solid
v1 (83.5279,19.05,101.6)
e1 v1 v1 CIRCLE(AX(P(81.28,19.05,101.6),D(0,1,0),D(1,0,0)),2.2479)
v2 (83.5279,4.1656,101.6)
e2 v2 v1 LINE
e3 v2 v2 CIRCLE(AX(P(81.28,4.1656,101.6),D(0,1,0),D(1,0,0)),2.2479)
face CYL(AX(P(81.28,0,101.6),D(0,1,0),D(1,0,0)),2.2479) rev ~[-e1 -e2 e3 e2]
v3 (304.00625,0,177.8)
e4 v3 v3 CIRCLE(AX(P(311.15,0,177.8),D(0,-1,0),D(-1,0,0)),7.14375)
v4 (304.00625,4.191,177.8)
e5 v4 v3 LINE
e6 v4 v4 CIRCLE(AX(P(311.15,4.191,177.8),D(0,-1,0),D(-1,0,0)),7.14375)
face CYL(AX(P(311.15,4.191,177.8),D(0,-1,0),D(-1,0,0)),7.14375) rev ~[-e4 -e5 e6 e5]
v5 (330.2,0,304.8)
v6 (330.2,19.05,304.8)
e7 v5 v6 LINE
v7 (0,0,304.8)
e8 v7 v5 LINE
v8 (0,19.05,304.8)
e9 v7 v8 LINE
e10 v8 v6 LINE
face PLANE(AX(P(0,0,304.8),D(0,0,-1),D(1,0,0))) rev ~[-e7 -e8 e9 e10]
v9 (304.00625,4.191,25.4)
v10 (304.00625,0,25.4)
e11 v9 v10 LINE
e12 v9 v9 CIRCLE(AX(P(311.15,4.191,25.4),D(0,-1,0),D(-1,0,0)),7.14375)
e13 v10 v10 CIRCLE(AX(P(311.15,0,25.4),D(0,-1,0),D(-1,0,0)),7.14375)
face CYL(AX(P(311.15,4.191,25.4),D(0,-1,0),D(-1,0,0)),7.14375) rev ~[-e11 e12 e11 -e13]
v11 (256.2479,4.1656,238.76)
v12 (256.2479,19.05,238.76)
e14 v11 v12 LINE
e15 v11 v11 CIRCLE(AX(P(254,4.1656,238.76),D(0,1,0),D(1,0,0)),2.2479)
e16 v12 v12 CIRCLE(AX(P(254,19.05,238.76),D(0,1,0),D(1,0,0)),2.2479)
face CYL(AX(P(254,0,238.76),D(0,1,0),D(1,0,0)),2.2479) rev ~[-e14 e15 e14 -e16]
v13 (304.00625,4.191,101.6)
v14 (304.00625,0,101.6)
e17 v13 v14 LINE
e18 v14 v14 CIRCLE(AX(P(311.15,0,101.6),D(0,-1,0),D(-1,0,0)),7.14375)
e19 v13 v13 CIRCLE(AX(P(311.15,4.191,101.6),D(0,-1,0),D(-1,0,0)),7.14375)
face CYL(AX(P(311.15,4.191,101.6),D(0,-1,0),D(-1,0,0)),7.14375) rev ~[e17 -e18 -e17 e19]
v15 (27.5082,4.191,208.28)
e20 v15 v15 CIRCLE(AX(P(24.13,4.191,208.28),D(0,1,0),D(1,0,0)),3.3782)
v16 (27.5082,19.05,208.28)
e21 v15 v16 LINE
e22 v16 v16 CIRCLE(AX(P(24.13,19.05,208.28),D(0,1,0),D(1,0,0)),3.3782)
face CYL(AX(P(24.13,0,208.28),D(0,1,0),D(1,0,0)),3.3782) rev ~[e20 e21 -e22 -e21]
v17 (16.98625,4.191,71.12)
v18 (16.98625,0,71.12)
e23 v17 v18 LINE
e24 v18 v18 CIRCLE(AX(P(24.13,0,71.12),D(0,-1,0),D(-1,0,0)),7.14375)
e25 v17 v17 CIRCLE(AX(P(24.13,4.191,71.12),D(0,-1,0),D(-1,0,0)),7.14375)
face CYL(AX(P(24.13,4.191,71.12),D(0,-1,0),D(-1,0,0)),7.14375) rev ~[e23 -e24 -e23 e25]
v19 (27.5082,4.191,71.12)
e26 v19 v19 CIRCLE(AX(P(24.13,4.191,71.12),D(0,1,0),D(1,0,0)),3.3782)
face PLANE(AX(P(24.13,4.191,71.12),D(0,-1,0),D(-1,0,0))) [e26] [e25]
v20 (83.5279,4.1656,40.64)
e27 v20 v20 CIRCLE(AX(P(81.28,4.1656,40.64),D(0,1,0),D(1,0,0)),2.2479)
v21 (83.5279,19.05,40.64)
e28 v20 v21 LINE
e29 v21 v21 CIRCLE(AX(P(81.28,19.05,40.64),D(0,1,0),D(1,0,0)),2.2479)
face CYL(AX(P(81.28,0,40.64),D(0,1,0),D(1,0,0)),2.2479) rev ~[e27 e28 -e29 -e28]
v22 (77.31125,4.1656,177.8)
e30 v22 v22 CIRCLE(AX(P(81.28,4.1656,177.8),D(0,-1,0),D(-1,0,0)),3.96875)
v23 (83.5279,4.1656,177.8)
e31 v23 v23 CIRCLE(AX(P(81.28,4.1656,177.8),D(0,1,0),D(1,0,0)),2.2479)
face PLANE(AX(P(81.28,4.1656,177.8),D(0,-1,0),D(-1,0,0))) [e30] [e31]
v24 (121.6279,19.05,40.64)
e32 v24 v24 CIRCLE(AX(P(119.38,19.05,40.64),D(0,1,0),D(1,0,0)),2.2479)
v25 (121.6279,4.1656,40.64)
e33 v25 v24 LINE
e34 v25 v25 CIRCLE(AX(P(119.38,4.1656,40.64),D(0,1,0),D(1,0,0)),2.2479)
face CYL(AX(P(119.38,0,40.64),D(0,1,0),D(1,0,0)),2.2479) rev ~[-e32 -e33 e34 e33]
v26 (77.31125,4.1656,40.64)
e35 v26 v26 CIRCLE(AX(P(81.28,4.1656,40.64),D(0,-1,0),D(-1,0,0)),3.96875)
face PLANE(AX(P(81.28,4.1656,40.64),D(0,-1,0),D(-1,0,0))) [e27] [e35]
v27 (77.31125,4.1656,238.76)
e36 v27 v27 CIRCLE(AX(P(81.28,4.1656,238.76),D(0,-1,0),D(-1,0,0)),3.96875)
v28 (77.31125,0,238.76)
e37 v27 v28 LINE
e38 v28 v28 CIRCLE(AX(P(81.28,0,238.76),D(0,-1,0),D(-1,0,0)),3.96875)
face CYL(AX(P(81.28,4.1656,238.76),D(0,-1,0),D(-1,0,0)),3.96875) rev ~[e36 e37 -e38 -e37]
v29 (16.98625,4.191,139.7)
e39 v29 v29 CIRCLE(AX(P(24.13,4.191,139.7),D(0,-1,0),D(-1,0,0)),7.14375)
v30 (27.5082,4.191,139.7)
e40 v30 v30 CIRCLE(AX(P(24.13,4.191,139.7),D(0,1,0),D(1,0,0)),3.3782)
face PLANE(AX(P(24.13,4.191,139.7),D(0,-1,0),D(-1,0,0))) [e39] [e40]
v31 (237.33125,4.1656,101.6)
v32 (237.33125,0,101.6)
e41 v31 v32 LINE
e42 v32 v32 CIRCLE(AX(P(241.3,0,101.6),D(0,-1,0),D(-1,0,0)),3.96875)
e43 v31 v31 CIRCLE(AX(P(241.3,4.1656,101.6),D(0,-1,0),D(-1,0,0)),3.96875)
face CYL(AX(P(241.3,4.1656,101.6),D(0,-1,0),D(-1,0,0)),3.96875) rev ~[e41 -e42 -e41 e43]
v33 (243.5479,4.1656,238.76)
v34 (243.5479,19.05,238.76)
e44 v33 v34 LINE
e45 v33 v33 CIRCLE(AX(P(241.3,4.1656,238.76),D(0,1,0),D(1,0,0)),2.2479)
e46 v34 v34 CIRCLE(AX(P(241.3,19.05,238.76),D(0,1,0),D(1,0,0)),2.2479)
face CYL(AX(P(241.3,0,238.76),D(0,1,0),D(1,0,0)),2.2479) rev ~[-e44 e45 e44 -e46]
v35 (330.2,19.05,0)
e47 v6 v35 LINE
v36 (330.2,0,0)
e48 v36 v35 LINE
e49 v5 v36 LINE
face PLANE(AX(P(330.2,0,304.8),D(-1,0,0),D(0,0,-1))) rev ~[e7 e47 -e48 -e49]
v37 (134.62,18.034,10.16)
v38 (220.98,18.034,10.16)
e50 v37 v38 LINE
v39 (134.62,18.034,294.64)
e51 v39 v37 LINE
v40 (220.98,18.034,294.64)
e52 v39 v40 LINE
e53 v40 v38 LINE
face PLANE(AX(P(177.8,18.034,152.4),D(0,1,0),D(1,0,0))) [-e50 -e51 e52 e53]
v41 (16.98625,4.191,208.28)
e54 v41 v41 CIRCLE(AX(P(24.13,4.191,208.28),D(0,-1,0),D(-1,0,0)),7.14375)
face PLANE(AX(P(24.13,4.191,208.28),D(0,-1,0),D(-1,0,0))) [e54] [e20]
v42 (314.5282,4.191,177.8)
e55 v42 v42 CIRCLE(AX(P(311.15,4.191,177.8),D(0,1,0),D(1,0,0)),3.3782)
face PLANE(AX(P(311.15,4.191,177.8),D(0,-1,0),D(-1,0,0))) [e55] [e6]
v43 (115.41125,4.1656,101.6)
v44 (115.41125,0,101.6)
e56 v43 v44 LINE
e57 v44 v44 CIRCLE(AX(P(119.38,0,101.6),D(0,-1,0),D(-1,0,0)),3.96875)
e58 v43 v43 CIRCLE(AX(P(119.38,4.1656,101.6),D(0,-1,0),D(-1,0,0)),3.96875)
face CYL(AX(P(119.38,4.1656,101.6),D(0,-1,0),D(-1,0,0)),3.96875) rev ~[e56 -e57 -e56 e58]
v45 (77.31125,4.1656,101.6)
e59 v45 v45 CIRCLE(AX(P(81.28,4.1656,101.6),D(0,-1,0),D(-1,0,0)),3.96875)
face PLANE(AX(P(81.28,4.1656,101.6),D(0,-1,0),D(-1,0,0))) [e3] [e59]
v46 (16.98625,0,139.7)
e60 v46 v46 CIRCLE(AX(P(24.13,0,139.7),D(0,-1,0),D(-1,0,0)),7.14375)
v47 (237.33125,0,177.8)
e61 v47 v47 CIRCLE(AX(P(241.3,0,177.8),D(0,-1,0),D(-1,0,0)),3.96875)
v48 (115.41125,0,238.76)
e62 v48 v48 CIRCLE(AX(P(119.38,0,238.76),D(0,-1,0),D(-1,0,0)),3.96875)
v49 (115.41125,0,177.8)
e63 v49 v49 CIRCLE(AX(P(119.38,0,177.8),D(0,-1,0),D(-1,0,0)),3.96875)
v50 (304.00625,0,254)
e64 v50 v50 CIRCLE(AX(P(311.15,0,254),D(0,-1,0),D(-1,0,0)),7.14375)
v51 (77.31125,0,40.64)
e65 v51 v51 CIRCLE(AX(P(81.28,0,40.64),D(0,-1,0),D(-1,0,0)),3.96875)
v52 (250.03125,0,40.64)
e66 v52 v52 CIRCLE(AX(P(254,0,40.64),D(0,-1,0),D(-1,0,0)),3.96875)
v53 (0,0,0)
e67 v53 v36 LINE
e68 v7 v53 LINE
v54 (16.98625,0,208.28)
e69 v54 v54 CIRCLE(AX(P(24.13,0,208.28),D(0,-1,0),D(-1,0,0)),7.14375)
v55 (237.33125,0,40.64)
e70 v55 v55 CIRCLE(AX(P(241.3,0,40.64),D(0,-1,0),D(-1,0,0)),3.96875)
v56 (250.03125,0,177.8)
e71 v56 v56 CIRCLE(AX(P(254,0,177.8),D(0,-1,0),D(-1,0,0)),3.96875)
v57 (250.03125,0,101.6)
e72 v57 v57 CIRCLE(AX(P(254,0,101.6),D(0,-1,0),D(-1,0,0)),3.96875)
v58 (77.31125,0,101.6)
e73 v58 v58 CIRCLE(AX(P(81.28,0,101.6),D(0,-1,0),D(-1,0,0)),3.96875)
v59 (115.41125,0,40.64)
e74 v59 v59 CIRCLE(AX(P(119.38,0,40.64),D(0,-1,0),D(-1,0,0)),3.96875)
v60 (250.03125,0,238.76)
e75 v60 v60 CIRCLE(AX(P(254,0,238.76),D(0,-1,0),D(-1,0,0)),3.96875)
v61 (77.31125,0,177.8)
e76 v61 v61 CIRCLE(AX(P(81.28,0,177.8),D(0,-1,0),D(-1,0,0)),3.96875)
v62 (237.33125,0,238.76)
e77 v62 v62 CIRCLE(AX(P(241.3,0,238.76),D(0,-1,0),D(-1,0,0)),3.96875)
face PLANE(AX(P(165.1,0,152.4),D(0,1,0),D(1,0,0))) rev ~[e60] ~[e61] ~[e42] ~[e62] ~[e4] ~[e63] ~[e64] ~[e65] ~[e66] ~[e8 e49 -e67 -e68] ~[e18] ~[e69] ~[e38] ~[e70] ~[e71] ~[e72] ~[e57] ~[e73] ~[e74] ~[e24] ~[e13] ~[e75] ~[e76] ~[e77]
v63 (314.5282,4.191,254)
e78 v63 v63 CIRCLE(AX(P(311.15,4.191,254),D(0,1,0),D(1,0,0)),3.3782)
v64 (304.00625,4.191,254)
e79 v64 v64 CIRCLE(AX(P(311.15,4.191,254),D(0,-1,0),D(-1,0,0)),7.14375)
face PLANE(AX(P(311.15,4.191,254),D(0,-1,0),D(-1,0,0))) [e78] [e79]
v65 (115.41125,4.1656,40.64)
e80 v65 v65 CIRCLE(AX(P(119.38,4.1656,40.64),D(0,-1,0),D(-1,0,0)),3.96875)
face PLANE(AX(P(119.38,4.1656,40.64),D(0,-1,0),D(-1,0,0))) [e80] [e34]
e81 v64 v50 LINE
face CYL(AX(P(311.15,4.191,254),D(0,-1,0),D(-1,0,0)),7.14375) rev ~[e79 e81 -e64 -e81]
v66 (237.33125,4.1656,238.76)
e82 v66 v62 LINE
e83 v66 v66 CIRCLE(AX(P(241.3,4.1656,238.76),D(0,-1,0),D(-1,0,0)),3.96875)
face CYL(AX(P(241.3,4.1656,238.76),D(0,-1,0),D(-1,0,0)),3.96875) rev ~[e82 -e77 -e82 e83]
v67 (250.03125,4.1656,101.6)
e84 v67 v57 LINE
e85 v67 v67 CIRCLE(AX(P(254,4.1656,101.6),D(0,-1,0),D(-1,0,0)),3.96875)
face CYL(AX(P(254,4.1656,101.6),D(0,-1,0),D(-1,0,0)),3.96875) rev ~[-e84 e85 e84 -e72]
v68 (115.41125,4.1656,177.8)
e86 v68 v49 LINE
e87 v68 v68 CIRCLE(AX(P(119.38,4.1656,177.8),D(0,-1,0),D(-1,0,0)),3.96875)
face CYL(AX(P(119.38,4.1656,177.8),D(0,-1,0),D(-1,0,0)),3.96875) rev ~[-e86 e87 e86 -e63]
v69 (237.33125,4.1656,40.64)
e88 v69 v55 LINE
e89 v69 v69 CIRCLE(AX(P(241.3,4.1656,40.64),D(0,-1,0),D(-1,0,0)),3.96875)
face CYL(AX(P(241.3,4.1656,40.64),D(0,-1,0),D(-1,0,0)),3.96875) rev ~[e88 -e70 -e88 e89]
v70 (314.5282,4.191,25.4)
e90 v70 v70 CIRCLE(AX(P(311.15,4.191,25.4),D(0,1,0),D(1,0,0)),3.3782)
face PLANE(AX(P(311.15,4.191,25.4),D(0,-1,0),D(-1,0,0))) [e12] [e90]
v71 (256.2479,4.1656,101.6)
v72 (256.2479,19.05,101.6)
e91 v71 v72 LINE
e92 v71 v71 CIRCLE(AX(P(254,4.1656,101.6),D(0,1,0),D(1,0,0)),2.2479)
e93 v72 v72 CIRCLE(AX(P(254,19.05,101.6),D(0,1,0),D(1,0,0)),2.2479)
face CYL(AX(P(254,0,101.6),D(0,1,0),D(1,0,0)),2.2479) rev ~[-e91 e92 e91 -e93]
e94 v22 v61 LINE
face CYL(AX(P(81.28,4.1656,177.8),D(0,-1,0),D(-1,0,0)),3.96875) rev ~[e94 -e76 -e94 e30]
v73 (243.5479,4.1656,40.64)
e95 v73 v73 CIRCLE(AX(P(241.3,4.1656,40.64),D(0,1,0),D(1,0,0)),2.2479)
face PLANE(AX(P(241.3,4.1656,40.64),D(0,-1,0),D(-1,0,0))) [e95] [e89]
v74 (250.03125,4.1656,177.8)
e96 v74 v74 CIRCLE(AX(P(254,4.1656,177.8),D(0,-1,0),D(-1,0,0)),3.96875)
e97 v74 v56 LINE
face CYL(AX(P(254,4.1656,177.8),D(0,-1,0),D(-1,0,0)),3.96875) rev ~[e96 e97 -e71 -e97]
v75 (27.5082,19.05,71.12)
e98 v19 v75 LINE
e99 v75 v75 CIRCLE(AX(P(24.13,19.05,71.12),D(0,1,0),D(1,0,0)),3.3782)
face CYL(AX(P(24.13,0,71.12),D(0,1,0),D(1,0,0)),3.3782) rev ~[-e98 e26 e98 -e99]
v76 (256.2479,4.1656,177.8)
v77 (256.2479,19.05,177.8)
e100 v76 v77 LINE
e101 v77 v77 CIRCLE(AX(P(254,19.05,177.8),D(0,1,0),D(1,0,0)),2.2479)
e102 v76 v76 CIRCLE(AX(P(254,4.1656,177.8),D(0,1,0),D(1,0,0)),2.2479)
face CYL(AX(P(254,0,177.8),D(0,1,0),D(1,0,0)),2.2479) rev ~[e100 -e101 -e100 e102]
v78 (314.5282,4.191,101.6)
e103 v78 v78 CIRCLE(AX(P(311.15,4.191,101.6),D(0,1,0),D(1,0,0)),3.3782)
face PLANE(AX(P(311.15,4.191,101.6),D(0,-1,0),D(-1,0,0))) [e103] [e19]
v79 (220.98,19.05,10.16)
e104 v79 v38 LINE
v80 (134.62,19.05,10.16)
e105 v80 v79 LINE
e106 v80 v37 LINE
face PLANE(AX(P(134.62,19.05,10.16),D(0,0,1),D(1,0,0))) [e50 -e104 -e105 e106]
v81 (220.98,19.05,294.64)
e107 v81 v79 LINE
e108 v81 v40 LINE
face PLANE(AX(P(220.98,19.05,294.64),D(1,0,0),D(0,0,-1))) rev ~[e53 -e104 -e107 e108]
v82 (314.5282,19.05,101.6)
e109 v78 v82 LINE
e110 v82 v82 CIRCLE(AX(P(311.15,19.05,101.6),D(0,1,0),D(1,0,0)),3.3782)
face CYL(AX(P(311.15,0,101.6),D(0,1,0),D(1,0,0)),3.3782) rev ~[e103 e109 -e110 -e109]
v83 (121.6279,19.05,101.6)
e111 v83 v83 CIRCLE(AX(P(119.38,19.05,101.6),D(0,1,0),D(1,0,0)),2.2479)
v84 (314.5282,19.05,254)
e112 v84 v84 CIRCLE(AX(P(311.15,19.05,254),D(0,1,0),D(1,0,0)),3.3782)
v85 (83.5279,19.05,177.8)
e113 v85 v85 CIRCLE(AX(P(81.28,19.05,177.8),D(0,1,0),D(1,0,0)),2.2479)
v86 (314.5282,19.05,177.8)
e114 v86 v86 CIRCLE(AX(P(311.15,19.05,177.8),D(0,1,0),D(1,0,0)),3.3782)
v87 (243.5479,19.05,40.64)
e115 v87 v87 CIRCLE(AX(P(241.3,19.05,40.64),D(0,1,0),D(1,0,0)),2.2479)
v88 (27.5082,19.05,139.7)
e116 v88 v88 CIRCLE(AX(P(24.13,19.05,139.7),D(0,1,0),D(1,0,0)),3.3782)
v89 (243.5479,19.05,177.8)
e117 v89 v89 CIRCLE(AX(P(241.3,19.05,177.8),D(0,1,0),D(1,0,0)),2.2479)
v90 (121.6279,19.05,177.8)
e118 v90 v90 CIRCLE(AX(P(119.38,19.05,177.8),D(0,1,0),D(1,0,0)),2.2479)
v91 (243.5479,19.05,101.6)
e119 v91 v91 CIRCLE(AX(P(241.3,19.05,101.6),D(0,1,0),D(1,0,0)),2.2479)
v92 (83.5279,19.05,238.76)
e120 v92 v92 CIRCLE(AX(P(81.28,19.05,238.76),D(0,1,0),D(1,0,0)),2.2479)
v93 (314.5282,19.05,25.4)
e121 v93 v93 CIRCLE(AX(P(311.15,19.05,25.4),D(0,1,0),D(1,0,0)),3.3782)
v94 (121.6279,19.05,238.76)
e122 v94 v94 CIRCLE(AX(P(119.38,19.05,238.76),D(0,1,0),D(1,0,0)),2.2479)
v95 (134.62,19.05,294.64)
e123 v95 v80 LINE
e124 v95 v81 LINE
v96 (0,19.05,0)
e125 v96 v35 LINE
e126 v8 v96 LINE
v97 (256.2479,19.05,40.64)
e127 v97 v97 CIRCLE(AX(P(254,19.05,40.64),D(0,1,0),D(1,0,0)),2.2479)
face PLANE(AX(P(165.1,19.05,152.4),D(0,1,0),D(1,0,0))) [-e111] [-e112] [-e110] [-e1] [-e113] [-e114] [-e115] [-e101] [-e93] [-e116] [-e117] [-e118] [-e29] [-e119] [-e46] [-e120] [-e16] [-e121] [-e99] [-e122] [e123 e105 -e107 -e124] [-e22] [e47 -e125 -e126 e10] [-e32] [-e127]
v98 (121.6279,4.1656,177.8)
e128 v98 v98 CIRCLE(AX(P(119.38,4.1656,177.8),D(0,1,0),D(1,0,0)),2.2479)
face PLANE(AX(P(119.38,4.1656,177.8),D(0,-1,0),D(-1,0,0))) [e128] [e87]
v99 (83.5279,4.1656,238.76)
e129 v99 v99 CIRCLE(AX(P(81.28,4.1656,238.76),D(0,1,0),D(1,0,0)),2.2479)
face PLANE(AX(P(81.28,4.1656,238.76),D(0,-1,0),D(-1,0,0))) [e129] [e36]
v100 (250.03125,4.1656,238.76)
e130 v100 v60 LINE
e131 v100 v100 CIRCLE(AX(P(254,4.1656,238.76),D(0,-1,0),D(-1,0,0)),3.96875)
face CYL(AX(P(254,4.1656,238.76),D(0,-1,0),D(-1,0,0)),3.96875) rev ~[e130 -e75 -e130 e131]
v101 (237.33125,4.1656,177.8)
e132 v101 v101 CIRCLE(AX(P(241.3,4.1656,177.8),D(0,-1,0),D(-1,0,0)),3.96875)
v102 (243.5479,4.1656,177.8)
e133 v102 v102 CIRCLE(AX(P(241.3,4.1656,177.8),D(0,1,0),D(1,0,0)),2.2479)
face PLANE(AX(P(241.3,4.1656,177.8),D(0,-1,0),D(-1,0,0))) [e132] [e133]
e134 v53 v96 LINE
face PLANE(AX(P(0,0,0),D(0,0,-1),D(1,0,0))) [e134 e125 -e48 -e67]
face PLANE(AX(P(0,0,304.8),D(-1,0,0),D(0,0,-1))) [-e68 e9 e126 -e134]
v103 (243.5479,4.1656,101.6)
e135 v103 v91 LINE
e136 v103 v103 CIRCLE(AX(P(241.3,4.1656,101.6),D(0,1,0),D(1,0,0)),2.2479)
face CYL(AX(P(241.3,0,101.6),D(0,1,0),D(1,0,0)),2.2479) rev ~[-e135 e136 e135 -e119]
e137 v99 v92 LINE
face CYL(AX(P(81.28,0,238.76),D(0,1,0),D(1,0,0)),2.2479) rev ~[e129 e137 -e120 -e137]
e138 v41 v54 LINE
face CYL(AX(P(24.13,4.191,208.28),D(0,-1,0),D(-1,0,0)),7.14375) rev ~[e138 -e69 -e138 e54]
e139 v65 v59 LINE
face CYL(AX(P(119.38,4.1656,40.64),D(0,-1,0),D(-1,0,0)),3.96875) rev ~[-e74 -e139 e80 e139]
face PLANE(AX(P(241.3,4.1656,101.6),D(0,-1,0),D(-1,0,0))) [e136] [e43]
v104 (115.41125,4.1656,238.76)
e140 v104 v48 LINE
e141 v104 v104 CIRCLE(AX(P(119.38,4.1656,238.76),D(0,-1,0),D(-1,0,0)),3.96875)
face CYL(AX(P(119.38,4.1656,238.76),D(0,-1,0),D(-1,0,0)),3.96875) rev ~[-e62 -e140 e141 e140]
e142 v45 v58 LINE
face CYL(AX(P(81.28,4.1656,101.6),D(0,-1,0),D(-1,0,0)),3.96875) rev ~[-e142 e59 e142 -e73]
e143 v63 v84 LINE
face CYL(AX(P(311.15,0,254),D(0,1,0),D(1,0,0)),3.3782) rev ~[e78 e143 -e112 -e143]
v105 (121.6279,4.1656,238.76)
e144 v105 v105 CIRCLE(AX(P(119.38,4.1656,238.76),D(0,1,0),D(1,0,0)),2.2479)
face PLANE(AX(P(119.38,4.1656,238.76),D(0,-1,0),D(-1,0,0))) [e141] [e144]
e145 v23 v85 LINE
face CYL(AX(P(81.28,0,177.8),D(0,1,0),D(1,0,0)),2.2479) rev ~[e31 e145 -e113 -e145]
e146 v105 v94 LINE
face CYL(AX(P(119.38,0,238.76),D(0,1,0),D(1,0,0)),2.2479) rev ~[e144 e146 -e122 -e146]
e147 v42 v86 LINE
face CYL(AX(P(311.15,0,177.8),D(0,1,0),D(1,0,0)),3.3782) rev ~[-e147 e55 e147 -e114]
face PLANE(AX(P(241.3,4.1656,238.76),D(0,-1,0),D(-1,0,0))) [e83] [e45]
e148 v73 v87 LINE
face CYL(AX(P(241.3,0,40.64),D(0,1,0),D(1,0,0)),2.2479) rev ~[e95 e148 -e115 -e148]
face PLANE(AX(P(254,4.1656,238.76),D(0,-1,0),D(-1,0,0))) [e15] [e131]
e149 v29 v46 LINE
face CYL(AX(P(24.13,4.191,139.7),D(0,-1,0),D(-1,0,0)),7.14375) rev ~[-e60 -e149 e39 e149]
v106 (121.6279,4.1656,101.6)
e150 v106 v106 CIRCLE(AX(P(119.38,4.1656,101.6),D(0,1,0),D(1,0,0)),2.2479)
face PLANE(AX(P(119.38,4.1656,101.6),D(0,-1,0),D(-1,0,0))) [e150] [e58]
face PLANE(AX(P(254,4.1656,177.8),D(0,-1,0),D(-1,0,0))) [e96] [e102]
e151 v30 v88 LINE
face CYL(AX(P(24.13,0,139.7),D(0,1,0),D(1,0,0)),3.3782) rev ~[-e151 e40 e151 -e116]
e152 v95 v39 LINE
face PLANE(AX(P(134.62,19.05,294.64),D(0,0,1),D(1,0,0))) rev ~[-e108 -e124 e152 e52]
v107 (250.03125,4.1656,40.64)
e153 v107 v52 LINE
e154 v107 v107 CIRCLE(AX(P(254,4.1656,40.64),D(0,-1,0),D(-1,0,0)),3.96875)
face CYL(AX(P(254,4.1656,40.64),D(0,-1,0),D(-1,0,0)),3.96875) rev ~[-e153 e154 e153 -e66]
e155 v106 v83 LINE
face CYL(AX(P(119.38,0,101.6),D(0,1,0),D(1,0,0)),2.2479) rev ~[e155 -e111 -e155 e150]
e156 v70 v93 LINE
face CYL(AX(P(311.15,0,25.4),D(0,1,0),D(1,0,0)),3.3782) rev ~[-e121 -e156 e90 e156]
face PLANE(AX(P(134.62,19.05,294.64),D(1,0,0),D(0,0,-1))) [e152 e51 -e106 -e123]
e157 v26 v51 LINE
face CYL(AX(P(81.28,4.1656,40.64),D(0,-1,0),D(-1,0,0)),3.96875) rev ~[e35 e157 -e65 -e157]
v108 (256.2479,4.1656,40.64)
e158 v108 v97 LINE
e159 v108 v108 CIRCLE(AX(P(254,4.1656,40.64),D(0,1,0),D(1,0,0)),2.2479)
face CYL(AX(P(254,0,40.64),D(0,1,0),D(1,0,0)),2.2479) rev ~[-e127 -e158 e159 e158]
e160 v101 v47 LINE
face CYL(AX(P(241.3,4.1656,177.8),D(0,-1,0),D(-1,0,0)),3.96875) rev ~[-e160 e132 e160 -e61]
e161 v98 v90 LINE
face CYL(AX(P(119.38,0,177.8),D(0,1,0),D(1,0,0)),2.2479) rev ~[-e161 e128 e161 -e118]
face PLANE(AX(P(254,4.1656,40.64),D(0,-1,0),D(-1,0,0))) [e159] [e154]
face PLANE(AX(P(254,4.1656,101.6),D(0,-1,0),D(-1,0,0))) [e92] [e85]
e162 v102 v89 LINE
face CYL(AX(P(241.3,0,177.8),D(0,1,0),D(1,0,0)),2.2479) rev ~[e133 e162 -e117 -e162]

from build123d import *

# Parameters (mm, degrees)
SKETCH1_W                                            = 330.2
SKETCH1_H                                            = 304.8
BOSS_EXTRUDE1_DEPTH                                  = 19.05
SKETCH2_W                                            = 86.36
SKETCH2_H                                            = 284.48
CUT_EXTRUDE1_DEPTH                                   = 1.016
CBORE_FOR_8_SOCKET_HEAD_CAP_SCREW1_D                 = 4.4958
CBORE_FOR_8_SOCKET_HEAD_CAP_SCREW1_CBORE_D           = 7.9375
CBORE_FOR_8_SOCKET_HEAD_CAP_SCREW1_CBORE_DEPTH       = 4.1656
CBORE_FOR_1_4_BINDING_HEAD_MACHINE_SCREW_D           = 6.7564
CBORE_FOR_1_4_BINDING_HEAD_MACHINE_SCREW_CBORE_D     = 14.2875
CBORE_FOR_1_4_BINDING_HEAD_MACHINE_SCREW_CBORE_DEPTH = 4.191


with BuildPart() as part:
    # Sketch1 → Boss-Extrude1 (new body)
    with BuildSketch(Plane(origin=(0, 0, 0), x_dir=(1, 0, 0), z_dir=(0, 1, 0))):
        with Locations((165.1, -152.4)):
            Rectangle(SKETCH1_W, SKETCH1_H)
    extrude(amount=BOSS_EXTRUDE1_DEPTH)

    # Sketch2 → Cut-Extrude1 (cut)
    with BuildSketch(Plane(origin=(0, 19.05, 0), x_dir=(1, 0, 0), z_dir=(0, 1, 0))):
        with Locations((177.8, -152.4)):
            Rectangle(SKETCH2_W, SKETCH2_H)
    extrude(amount=-CUT_EXTRUDE1_DEPTH, mode=Mode.SUBTRACT)

    # CBORE for #8 Socket Head Cap Screw1 (through all)
    with Locations(Plane(origin=(0, 0, 0), x_dir=(-1, 0, 0), z_dir=(0, -1, 0))):
        with Locations((-241.3, -40.64), (-254, -40.64), (-254, -101.6), (-241.3, -101.6), (-241.3, -177.8), (-254, -177.8), (-254, -238.76), (-241.3, -238.76), (-119.38, -40.64), (-81.28, -40.64), (-81.28, -101.6), (-119.38, -101.6), (-119.38, -177.8), (-81.28, -177.8), (-81.28, -238.76), (-119.38, -238.76)):
            CounterBoreHole(CBORE_FOR_8_SOCKET_HEAD_CAP_SCREW1_D / 2, CBORE_FOR_8_SOCKET_HEAD_CAP_SCREW1_CBORE_D / 2, CBORE_FOR_8_SOCKET_HEAD_CAP_SCREW1_CBORE_DEPTH)

    # CBORE for 1/4 Binding Head Machine Screw1 (through all)
    with Locations(Plane(origin=(0, 0, 0), x_dir=(-1, 0, 0), z_dir=(0, -1, 0))):
        with Locations((-311.15, -25.4), (-311.15, -101.6), (-311.15, -177.8), (-311.15, -254), (-24.13, -71.12), (-24.13, -139.7), (-24.13, -208.28)):
            CounterBoreHole(CBORE_FOR_1_4_BINDING_HEAD_MACHINE_SCREW_D / 2, CBORE_FOR_1_4_BINDING_HEAD_MACHINE_SCREW_CBORE_D / 2, CBORE_FOR_1_4_BINDING_HEAD_MACHINE_SCREW_CBORE_DEPTH)


solid = part.part
